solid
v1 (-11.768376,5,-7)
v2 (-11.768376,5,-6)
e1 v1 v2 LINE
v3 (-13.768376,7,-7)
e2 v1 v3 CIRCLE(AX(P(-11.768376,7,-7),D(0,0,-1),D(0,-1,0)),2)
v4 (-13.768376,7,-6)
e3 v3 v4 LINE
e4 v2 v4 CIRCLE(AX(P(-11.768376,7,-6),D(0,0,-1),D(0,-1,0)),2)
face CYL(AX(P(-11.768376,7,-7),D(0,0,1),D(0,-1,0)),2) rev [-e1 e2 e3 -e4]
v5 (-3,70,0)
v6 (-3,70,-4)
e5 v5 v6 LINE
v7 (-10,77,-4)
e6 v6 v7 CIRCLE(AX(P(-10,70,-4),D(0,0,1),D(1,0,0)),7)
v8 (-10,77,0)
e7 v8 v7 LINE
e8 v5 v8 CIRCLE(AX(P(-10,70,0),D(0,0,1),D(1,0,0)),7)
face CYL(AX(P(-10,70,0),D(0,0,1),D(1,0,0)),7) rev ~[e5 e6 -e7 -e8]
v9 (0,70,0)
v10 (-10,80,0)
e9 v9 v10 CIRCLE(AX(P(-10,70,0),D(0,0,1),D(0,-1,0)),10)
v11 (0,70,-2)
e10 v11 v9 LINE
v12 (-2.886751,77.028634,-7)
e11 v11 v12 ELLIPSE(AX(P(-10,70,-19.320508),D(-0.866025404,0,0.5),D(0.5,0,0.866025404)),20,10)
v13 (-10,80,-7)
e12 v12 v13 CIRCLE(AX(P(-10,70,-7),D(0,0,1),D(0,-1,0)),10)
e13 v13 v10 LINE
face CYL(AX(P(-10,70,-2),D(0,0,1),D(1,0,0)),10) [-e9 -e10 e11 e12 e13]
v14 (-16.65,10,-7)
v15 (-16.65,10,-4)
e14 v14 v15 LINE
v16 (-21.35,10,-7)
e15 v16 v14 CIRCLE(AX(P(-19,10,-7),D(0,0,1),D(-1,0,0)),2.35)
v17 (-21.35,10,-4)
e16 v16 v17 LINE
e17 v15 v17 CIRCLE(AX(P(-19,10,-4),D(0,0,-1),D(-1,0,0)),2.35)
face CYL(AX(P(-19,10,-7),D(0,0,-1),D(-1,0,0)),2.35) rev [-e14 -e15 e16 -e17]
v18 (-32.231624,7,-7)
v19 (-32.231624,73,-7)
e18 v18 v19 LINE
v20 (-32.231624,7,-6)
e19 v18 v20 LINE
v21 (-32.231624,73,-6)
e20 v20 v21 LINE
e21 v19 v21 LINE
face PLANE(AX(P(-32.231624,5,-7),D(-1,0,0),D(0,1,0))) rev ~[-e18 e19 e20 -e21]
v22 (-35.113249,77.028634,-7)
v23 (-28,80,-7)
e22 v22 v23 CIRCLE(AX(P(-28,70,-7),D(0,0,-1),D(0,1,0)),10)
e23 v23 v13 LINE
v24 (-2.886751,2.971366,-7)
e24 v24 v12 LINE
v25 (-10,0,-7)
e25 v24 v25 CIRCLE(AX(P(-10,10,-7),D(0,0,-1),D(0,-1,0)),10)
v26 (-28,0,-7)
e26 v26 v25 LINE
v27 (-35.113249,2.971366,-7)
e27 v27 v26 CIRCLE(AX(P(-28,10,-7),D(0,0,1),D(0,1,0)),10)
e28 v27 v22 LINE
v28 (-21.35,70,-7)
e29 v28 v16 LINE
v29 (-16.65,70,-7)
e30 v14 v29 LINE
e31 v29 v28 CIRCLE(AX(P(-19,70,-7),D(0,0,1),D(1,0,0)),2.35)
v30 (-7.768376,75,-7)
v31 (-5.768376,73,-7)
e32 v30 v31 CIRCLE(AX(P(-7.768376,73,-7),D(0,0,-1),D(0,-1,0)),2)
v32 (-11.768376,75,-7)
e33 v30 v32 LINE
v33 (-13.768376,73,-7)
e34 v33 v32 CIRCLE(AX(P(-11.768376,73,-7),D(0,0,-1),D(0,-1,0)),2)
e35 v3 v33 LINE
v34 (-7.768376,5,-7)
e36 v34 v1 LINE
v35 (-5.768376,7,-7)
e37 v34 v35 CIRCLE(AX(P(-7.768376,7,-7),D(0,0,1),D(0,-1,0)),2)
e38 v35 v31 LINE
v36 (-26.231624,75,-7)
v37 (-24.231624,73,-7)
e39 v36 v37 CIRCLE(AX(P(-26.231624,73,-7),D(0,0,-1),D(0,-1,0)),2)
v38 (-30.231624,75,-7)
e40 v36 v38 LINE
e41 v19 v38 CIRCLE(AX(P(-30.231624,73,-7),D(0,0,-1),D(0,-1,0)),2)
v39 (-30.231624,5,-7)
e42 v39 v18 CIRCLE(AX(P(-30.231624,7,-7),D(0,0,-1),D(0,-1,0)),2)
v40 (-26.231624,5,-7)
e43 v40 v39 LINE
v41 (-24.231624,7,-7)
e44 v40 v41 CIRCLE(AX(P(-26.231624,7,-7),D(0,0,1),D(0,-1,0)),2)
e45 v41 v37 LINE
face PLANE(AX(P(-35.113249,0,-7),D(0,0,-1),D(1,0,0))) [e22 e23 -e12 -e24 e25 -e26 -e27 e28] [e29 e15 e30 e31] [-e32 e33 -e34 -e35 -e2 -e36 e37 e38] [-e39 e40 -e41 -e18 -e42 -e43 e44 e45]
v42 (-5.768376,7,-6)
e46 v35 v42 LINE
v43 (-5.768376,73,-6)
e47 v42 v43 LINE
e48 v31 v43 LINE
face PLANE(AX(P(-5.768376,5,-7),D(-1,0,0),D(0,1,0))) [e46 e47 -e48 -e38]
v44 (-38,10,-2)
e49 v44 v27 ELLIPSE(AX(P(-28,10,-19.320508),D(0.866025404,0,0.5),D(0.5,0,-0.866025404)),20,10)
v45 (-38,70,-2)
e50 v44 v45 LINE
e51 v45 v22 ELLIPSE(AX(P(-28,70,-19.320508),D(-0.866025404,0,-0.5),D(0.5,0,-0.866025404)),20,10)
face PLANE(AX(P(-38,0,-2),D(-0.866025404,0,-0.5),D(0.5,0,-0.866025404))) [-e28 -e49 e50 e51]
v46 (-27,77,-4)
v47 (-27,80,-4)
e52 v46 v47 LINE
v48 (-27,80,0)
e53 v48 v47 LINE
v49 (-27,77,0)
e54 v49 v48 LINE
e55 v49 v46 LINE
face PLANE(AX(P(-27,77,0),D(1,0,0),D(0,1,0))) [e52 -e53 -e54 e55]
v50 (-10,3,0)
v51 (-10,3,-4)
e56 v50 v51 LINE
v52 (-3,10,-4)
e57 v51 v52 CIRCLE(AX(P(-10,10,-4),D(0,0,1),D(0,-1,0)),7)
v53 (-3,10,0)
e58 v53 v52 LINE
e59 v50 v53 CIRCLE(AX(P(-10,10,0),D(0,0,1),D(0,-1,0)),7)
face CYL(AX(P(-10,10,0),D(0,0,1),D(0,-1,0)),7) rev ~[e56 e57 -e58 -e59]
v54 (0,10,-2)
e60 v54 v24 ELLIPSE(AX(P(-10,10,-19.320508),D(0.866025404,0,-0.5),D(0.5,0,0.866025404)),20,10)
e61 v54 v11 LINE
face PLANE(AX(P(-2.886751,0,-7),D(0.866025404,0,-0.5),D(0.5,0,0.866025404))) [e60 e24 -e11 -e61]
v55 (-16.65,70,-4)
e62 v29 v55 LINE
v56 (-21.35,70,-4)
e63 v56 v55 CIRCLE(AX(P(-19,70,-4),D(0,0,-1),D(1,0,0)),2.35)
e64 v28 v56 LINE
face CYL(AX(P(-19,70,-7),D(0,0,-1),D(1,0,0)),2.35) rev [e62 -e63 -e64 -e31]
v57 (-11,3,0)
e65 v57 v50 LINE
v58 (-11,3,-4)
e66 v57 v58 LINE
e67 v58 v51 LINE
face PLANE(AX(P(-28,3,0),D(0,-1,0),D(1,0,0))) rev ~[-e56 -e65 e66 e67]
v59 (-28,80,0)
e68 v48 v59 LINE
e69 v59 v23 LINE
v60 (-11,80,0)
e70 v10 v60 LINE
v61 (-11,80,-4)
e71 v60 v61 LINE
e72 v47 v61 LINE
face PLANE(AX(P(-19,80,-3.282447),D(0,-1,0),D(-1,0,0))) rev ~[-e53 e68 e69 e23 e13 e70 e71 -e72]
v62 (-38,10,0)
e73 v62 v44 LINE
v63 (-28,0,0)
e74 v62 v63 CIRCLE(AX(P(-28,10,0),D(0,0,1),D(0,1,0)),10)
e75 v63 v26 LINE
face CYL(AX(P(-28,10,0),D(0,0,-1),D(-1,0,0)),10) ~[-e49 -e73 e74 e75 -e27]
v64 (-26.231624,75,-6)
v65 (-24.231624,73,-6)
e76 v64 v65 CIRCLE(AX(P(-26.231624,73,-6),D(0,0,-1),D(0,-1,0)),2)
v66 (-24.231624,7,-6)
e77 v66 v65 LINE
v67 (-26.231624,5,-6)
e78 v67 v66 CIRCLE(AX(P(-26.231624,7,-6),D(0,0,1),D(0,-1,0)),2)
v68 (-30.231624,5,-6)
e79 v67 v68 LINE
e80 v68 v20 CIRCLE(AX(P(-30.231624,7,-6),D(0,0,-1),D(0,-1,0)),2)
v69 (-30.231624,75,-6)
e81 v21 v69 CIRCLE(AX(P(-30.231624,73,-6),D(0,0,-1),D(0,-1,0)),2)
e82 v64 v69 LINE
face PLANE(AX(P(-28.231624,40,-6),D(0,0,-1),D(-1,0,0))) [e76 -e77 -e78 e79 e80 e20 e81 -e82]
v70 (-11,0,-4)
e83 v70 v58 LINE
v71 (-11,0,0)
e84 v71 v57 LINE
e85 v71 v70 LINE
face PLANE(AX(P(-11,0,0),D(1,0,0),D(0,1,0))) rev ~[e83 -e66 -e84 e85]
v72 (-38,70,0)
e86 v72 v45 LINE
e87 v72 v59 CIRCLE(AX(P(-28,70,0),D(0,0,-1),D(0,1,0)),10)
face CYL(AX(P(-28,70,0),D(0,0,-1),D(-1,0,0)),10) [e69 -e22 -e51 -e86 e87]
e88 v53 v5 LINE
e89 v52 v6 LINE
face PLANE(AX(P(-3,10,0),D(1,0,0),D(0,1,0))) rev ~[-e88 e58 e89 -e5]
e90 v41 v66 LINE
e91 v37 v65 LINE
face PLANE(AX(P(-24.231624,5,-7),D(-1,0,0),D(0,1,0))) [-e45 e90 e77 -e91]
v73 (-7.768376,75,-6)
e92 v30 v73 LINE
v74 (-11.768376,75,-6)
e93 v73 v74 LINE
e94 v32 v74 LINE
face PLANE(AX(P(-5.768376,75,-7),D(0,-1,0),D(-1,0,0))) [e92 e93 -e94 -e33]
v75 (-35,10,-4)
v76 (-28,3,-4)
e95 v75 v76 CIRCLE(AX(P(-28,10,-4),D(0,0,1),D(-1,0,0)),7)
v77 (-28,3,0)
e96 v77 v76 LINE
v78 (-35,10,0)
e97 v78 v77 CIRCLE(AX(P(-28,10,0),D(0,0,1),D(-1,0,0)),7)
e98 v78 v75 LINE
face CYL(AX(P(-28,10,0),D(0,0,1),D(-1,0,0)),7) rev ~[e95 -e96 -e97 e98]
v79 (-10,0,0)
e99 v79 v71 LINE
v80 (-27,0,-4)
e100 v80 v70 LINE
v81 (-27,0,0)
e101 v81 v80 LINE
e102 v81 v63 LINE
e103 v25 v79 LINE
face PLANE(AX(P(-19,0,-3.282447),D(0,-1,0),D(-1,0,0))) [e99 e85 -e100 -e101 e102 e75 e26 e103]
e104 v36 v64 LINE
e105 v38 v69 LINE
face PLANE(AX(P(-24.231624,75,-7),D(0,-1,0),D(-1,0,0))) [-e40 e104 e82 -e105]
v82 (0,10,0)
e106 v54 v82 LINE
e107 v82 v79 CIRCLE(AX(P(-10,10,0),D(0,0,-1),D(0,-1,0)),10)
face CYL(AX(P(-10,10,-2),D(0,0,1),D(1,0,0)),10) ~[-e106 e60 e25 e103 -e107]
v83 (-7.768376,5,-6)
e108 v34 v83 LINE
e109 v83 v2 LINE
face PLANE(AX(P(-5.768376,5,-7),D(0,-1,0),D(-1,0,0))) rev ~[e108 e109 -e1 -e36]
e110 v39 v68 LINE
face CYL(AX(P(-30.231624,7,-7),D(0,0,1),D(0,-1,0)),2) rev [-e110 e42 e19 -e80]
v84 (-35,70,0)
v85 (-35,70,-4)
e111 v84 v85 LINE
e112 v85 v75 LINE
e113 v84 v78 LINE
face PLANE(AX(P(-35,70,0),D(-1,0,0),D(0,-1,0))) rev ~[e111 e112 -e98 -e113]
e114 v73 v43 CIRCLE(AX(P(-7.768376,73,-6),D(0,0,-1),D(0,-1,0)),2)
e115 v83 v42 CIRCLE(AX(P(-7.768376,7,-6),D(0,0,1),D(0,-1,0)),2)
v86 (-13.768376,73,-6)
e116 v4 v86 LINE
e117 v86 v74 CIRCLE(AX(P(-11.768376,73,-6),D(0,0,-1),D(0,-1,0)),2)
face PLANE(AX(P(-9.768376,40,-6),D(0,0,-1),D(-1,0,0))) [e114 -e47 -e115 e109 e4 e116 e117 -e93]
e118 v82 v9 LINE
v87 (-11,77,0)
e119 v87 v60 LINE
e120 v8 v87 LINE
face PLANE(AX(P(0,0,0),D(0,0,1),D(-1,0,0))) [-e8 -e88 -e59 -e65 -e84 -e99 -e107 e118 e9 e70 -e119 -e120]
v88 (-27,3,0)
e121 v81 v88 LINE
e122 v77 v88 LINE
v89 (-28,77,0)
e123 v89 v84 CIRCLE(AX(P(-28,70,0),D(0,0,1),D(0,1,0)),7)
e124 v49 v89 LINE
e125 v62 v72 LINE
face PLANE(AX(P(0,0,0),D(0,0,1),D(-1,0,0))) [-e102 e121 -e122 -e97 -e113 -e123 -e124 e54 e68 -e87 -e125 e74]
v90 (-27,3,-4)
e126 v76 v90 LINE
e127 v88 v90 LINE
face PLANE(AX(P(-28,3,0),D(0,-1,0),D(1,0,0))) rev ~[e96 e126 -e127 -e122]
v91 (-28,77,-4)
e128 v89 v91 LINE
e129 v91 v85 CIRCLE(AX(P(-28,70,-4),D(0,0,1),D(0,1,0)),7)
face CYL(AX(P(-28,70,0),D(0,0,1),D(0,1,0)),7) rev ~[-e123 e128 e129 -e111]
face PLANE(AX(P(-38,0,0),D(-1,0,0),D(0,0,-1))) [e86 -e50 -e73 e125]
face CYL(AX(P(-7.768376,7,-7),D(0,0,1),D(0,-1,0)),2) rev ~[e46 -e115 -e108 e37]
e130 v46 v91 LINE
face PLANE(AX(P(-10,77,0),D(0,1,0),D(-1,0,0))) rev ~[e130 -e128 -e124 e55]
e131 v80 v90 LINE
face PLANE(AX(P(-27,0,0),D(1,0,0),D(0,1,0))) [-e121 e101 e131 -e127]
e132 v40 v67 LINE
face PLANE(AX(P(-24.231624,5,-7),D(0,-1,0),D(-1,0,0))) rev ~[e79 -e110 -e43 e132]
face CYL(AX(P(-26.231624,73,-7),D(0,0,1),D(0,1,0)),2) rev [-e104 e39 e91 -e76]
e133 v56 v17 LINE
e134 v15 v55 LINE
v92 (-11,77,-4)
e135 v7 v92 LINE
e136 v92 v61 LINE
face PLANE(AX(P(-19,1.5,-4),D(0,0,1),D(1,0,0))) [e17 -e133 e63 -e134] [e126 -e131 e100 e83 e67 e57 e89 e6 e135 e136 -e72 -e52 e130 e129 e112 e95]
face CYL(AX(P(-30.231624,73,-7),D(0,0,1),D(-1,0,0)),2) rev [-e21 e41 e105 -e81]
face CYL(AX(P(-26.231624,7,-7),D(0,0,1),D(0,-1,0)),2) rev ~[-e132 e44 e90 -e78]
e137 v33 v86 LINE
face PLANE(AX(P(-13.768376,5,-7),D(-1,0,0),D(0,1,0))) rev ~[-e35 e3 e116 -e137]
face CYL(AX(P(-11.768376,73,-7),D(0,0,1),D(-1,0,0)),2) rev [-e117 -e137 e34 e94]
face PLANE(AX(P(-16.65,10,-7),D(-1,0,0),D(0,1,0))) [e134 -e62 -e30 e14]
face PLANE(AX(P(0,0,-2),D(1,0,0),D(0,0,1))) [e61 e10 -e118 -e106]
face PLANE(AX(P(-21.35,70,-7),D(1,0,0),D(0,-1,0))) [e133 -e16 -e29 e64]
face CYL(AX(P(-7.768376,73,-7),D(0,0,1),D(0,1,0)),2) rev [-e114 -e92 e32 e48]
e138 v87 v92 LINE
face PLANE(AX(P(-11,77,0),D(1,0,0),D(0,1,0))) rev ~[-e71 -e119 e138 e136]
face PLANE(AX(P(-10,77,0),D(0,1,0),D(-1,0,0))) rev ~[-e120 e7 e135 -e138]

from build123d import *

# Parameters (mm, degrees)
EXTRUDE_1_DEPTH     = 80
FILLET_1_R          = 10
CUT_EXTRUDE_1_DEPTH = 4
SKETCH_3_W          = 16
SKETCH_3_H          = 3
CUT_EXTRUDE_2_DEPTH = 4
CUT_EXTRUDE_3_REACH = 90.843
SKETCH_5_W          = 8
SKETCH_5_H          = 70
CUT_EXTRUDE_4_DEPTH = 1
FILLET_2_R          = 2


with BuildPart() as part:
    # Эскиз1 → Бобышка-Вытянуть1 (new body)
    with BuildSketch(Plane(origin=(0, 0, 0), x_dir=(1, 0, 0), z_dir=(0, 1, 0))):
        Polygon((0, 0), (-38, 0), (-38, 2), (-35.113248654, 7), (-2.886751346, 7), (0, 2), align=None)
    extrude(amount=EXTRUDE_1_DEPTH)

    # Скругление1
    fillet_1_edges = [part.edges().sort_by_distance(p)[0] for p in [
        (0, 0, -1),
        (-38, 0, -1),
        (-38, 80, -1),
        (0, 80, -1),
    ]]
    fillet(fillet_1_edges, radius=FILLET_1_R)

    # Эскиз2 → Вырез-Вытянуть1 (cut)
    with BuildSketch(Plane.XY):
        with BuildLine():
            Line((-28, 3), (-10, 3))
            ThreePointArc((-10, 3), (-5.050252532, 5.050252532), (-3, 10))
            Line((-3, 10), (-3, 70))
            ThreePointArc((-3, 70), (-5.050252532, 74.949747468), (-10, 77))
            Line((-10, 77), (-28, 77))
            ThreePointArc((-28, 77), (-32.949747468, 74.949747468), (-35, 70))
            Line((-35, 70), (-35, 10))
            ThreePointArc((-35, 10), (-32.949747468, 5.050252532), (-28, 3))
        make_face()
    extrude(amount=-CUT_EXTRUDE_1_DEPTH, mode=Mode.SUBTRACT)

    # Эскиз3 → Вырез-Вытянуть2 (cut)
    with BuildSketch(Plane.XY):
        with Locations((-19, 78.5)):
            Rectangle(SKETCH_3_W, SKETCH_3_H)
        with Locations((-19, 1.5)):
            Rectangle(SKETCH_3_W, SKETCH_3_H)
    extrude(amount=-CUT_EXTRUDE_2_DEPTH, mode=Mode.SUBTRACT)

    # Эскиз4 → Вырез-Вытянуть3 (cut, up to next)
    with BuildSketch(Plane(origin=(0, 0, -7), x_dir=(-1, 0, 0), z_dir=(0, 0, -1)), mode=Mode.PRIVATE) as cut_extrude_3_sk1:
        with BuildLine():
            Line((21.35, 70), (21.35, 10))
            ThreePointArc((21.35, 10), (19, 7.65), (16.65, 10))
            Line((16.65, 10), (16.65, 70))
            ThreePointArc((16.65, 70), (19, 72.35), (21.35, 70))
        make_face()
    cut_extrude_3_tool1 = extrude(cut_extrude_3_sk1.sketch, amount=-CUT_EXTRUDE_3_REACH, mode=Mode.PRIVATE) & part.part
    add(cut_extrude_3_tool1.solids().sort_by_distance((-19, 40, -7))[0], mode=Mode.SUBTRACT)

    # Эскиз5 → Вырез-Вытянуть4 (cut)
    with BuildSketch(Plane(origin=(0, 0, -7), x_dir=(-1, 0, 0), z_dir=(0, 0, -1))):
        with Locations((9.768375673, 40)):
            Rectangle(SKETCH_5_W, SKETCH_5_H)
        with Locations((28.231624327, 40)):
            Rectangle(SKETCH_5_W, SKETCH_5_H)
    extrude(amount=-CUT_EXTRUDE_4_DEPTH, mode=Mode.SUBTRACT)

    # Скругление2
    fillet_2_edges = [part.edges().sort_by_distance(p)[0] for p in [
        (-13.768375673, 75, -6.5),
        (-13.768375673, 5, -6.5),
        (-5.768375673, 5, -6.5),
        (-5.768375673, 75, -6.5),
        (-32.231624327, 75, -6.5),
        (-32.231624327, 5, -6.5),
        (-24.231624327, 5, -6.5),
        (-24.231624327, 75, -6.5),
    ]]
    fillet(fillet_2_edges, radius=FILLET_2_R)


solid = part.part
